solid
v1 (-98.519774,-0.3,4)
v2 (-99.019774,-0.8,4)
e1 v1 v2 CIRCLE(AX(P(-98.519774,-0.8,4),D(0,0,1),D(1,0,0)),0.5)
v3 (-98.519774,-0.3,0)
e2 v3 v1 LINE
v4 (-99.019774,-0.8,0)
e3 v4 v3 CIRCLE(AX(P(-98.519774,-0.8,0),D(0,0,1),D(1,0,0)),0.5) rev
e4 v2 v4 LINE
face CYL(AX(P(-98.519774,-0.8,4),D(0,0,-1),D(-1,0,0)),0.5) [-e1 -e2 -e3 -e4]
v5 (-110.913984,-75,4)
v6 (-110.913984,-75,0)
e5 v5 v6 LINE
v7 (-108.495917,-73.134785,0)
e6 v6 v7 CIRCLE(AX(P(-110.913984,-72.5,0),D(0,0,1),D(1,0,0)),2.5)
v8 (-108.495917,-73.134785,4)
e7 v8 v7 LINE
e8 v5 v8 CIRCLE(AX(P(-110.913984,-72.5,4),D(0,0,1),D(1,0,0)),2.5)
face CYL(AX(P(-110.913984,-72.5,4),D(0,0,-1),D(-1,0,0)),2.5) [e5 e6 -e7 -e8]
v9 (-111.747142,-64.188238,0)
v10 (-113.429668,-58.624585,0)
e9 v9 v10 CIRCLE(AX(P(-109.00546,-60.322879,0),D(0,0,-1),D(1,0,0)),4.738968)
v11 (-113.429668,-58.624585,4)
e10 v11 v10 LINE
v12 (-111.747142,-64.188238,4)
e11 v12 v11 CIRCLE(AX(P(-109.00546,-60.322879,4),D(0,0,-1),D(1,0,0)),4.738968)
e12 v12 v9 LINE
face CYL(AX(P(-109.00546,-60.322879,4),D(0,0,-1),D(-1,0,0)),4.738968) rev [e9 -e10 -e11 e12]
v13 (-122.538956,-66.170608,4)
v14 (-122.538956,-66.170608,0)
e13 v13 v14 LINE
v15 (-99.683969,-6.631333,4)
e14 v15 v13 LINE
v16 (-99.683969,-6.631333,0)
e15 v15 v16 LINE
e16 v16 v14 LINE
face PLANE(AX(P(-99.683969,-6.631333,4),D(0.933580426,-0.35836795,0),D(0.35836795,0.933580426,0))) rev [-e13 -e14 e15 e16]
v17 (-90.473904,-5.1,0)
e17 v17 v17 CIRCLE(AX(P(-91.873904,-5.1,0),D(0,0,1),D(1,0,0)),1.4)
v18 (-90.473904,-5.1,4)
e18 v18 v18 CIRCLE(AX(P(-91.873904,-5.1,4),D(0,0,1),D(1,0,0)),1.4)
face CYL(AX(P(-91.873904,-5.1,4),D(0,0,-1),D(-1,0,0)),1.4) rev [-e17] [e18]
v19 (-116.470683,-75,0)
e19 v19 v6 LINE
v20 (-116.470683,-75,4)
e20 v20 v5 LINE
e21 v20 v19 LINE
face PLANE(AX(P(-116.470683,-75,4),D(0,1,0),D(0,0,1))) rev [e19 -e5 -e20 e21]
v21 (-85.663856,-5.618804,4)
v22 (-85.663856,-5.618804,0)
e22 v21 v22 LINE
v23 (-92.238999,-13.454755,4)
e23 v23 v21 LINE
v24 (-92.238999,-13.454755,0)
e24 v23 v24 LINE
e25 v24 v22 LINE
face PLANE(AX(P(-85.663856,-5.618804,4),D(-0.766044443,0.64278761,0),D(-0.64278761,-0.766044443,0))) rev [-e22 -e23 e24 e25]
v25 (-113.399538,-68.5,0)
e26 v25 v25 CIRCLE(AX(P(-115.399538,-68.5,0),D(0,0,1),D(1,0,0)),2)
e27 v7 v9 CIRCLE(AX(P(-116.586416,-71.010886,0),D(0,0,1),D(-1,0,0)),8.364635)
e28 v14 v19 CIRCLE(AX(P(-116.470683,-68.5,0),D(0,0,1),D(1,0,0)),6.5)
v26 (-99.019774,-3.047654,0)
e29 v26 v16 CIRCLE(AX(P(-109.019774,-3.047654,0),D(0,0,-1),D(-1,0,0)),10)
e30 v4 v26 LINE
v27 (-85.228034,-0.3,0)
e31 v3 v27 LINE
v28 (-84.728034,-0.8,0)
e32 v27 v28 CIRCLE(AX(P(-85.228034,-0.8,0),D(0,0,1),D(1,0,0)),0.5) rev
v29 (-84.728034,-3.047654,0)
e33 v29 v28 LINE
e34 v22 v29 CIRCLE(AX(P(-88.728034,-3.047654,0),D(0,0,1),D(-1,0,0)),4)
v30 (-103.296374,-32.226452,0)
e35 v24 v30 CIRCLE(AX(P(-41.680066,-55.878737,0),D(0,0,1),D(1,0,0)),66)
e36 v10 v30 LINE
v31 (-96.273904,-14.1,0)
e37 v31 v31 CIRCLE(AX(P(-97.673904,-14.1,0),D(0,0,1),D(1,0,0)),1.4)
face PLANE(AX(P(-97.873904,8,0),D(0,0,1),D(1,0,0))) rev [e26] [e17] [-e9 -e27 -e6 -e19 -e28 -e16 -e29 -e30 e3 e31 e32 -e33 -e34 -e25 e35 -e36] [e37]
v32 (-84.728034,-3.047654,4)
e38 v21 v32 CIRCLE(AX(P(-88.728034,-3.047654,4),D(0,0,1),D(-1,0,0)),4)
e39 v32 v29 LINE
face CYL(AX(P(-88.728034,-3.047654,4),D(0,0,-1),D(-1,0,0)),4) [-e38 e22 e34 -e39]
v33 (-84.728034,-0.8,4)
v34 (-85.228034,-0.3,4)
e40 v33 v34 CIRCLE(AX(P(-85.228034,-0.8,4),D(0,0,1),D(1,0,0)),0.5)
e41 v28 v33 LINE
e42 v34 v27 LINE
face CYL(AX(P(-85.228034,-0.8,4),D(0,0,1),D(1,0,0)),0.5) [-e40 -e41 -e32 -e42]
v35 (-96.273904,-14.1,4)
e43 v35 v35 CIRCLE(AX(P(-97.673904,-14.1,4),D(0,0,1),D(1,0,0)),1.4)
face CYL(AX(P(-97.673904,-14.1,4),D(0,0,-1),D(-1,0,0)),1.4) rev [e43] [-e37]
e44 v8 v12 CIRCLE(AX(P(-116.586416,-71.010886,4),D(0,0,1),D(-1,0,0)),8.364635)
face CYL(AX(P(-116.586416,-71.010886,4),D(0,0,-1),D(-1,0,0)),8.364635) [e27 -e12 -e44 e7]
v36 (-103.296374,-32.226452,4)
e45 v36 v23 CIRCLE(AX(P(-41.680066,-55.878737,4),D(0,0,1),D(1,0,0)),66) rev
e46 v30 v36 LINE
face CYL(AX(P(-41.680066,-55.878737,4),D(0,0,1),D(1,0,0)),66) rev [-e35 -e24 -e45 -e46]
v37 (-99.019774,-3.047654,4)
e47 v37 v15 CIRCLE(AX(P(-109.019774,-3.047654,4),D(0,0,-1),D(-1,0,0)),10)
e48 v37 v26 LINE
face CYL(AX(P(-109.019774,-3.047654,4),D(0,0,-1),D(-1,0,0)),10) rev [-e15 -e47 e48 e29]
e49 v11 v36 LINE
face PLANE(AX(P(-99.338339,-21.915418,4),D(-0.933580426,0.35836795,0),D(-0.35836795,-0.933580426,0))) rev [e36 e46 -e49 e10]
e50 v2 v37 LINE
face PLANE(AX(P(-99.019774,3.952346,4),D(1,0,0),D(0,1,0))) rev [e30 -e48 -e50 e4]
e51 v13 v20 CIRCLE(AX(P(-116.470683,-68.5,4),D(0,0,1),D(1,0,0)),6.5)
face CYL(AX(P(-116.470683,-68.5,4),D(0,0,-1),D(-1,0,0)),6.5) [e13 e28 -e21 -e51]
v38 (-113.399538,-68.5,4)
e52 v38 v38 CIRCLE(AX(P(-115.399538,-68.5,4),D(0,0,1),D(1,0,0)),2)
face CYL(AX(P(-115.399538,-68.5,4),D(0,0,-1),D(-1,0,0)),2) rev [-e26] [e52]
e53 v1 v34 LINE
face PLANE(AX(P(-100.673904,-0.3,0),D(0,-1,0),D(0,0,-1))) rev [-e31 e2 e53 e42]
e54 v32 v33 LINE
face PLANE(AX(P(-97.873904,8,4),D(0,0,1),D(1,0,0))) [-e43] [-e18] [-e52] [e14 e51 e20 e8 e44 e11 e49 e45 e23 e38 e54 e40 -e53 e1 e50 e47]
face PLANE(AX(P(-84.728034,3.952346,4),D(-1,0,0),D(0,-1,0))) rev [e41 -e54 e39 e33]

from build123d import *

# Parameters (mm, degrees)
SKETCH_1_R               = 1.4
SKETCH_1_R_2             = 2
EXTRUDE_1_DEPTH          = 4
FILLET_1_R               = 66
CUT_EXTRUDE_1_DEPTH      = 145.092986744
CUT_EXTRUDE_1_DEPTH_BACK = 145.092986744
SKETCH_2_W               = 17.6
SKETCH_2_H               = 11.1
FILLET_3_R               = 0.5


with BuildPart() as part:
    # 草图1 → 凸台-拉伸1 (new body)
    with BuildSketch(Plane.XY):
        with BuildLine():
            Line((-97.873903688, 10.8), (-85.873903688, 10.8))
            ThreePointArc((-85.873903688, 10.8), (-83.8940047, 9.979898987), (-83.073903688, 8))
            ThreePointArc((-83.073903688, 8), (-83.1796222, 7.237866637), (-83.48879459, 6.53328442))
            Line((-83.48879459, 6.53328442), (-84.431683177, 5))
            ThreePointArc((-84.431683177, 5), (-84.652520599, 4.496726988), (-84.728033822, 3.952346014))
            Line((-84.728033822, 3.952346014), (-84.728033822, -3.047653986))
            ThreePointArc((-84.728033822, -3.047653986), (-84.969263339, -4.415734559), (-85.66385605, -5.618804425))
            Line((-85.66385605, -5.618804425), (-99.33833884, -21.915418417))
            Line((-99.33833884, -21.915418417), (-113.429667528, -58.624584688))
            ThreePointArc((-113.429667528, -58.624584688), (-113.541543089, -61.69465347), (-111.747141559, -64.18823756))
            ThreePointArc((-111.747141559, -64.18823756), (-108.724804348, -68.153933924), (-108.495917327, -73.134785316))
            ThreePointArc((-108.495917327, -73.134785316), (-109.387053216, -74.479515508), (-110.913984241, -75))
            Line((-110.913984241, -75), (-116.470682802, -75))
            ThreePointArc((-116.470682802, -75), (-121.827503028, -72.18164054), (-122.538955574, -66.170608328))
            Line((-122.538955574, -66.170608328), (-99.683969288, -6.631333481))
            ThreePointArc((-99.683969288, -6.631333481), (-99.187224477, -4.870009241), (-99.019773553, -3.047653986))
            Line((-99.019773553, -3.047653986), (-99.019773553, 3.952346014))
            ThreePointArc((-99.019773553, 3.952346014), (-99.095286776, 4.496726988), (-99.316124198, 5))
            Line((-99.316124198, 5), (-100.259012785, 6.53328442))
            ThreePointArc((-100.259012785, 6.53328442), (-100.568185176, 7.237866637), (-100.673903688, 8))
            ThreePointArc((-100.673903688, 8), (-99.853802675, 9.979898987), (-97.873903688, 10.8))
        make_face()
        with Locations((-85.873903688, 8)):
            Circle(SKETCH_1_R, mode=Mode.SUBTRACT)
        with Locations((-97.873903688, 8)):
            Circle(SKETCH_1_R, mode=Mode.SUBTRACT)
        with Locations((-97.673903688, -14.1)):
            Circle(SKETCH_1_R, mode=Mode.SUBTRACT)
        with Locations((-91.873903688, -5.1)):
            Circle(SKETCH_1_R, mode=Mode.SUBTRACT)
        with Locations((-115.399537808, -68.5)):
            Circle(SKETCH_1_R_2, mode=Mode.SUBTRACT)
        with BuildLine():
            Line((-88.763801636, 5.1), (-94.984005739, 5.1))
            ThreePointArc((-94.984005739, 5.1), (-95.172987976, 5.13708995), (-95.333932845, 5.242857143))
            ThreePointArc((-95.333932845, 5.242857143), (-95.615325044, 5.241421356), (-95.61676083, 4.960029158))
            ThreePointArc((-95.61676083, 4.960029158), (-95.510993638, 4.799084288), (-95.473903688, 4.610102051))
            Line((-95.473903688, 4.610102051), (-95.473903688, 0.389897949))
            ThreePointArc((-95.473903688, 0.389897949), (-95.510993638, 0.200915712), (-95.61676083, 0.039970842))
            ThreePointArc((-95.61676083, 0.039970842), (-95.615325044, -0.241421356), (-95.333932845, -0.242857143))
            ThreePointArc((-95.333932845, -0.242857143), (-95.172987976, -0.13708995), (-94.984005739, -0.1))
            Line((-94.984005739, -0.1), (-88.763801636, -0.1))
            ThreePointArc((-88.763801636, -0.1), (-88.5748194, -0.13708995), (-88.41387453, -0.242857143))
            ThreePointArc((-88.41387453, -0.242857143), (-88.132482331, -0.241421356), (-88.131046545, 0.039970842))
            ThreePointArc((-88.131046545, 0.039970842), (-88.236813737, 0.200915712), (-88.273903688, 0.389897949))
            Line((-88.273903688, 0.389897949), (-88.273903688, 4.610102051))
            ThreePointArc((-88.273903688, 4.610102051), (-88.236813737, 4.799084288), (-88.131046545, 4.960029158))
            ThreePointArc((-88.131046545, 4.960029158), (-88.132482331, 5.241421356), (-88.41387453, 5.242857143))
            ThreePointArc((-88.41387453, 5.242857143), (-88.5748194, 5.13708995), (-88.763801636, 5.1))
        make_face(mode=Mode.SUBTRACT)
    extrude(amount=EXTRUDE_1_DEPTH)

    # 圆角1
    fillet_1_edges = [part.edges().sort_by_distance(p)[0] for p in [
        (-99.33833884, -21.915418417, 2),
    ]]
    fillet(fillet_1_edges, radius=FILLET_1_R)

    # 草图2 → 切除-拉伸1 (cut, two sides: drawn at the far end of the back side and taken through both)
    with BuildSketch(Plane.XY.offset(4).offset(-CUT_EXTRUDE_1_DEPTH_BACK)):
        with Locations((-91.873903688, 5.25)):
            Rectangle(SKETCH_2_W, SKETCH_2_H)
    extrude(amount=CUT_EXTRUDE_1_DEPTH + CUT_EXTRUDE_1_DEPTH_BACK, mode=Mode.SUBTRACT)

    # 圆角3
    fillet_3_edges = [part.edges().sort_by_distance(p)[0] for p in [
        (-99.019773553, -0.3, 2),
        (-84.728033822, -0.3, 2),
    ]]
    fillet(fillet_3_edges, radius=FILLET_3_R)


solid = part.part
